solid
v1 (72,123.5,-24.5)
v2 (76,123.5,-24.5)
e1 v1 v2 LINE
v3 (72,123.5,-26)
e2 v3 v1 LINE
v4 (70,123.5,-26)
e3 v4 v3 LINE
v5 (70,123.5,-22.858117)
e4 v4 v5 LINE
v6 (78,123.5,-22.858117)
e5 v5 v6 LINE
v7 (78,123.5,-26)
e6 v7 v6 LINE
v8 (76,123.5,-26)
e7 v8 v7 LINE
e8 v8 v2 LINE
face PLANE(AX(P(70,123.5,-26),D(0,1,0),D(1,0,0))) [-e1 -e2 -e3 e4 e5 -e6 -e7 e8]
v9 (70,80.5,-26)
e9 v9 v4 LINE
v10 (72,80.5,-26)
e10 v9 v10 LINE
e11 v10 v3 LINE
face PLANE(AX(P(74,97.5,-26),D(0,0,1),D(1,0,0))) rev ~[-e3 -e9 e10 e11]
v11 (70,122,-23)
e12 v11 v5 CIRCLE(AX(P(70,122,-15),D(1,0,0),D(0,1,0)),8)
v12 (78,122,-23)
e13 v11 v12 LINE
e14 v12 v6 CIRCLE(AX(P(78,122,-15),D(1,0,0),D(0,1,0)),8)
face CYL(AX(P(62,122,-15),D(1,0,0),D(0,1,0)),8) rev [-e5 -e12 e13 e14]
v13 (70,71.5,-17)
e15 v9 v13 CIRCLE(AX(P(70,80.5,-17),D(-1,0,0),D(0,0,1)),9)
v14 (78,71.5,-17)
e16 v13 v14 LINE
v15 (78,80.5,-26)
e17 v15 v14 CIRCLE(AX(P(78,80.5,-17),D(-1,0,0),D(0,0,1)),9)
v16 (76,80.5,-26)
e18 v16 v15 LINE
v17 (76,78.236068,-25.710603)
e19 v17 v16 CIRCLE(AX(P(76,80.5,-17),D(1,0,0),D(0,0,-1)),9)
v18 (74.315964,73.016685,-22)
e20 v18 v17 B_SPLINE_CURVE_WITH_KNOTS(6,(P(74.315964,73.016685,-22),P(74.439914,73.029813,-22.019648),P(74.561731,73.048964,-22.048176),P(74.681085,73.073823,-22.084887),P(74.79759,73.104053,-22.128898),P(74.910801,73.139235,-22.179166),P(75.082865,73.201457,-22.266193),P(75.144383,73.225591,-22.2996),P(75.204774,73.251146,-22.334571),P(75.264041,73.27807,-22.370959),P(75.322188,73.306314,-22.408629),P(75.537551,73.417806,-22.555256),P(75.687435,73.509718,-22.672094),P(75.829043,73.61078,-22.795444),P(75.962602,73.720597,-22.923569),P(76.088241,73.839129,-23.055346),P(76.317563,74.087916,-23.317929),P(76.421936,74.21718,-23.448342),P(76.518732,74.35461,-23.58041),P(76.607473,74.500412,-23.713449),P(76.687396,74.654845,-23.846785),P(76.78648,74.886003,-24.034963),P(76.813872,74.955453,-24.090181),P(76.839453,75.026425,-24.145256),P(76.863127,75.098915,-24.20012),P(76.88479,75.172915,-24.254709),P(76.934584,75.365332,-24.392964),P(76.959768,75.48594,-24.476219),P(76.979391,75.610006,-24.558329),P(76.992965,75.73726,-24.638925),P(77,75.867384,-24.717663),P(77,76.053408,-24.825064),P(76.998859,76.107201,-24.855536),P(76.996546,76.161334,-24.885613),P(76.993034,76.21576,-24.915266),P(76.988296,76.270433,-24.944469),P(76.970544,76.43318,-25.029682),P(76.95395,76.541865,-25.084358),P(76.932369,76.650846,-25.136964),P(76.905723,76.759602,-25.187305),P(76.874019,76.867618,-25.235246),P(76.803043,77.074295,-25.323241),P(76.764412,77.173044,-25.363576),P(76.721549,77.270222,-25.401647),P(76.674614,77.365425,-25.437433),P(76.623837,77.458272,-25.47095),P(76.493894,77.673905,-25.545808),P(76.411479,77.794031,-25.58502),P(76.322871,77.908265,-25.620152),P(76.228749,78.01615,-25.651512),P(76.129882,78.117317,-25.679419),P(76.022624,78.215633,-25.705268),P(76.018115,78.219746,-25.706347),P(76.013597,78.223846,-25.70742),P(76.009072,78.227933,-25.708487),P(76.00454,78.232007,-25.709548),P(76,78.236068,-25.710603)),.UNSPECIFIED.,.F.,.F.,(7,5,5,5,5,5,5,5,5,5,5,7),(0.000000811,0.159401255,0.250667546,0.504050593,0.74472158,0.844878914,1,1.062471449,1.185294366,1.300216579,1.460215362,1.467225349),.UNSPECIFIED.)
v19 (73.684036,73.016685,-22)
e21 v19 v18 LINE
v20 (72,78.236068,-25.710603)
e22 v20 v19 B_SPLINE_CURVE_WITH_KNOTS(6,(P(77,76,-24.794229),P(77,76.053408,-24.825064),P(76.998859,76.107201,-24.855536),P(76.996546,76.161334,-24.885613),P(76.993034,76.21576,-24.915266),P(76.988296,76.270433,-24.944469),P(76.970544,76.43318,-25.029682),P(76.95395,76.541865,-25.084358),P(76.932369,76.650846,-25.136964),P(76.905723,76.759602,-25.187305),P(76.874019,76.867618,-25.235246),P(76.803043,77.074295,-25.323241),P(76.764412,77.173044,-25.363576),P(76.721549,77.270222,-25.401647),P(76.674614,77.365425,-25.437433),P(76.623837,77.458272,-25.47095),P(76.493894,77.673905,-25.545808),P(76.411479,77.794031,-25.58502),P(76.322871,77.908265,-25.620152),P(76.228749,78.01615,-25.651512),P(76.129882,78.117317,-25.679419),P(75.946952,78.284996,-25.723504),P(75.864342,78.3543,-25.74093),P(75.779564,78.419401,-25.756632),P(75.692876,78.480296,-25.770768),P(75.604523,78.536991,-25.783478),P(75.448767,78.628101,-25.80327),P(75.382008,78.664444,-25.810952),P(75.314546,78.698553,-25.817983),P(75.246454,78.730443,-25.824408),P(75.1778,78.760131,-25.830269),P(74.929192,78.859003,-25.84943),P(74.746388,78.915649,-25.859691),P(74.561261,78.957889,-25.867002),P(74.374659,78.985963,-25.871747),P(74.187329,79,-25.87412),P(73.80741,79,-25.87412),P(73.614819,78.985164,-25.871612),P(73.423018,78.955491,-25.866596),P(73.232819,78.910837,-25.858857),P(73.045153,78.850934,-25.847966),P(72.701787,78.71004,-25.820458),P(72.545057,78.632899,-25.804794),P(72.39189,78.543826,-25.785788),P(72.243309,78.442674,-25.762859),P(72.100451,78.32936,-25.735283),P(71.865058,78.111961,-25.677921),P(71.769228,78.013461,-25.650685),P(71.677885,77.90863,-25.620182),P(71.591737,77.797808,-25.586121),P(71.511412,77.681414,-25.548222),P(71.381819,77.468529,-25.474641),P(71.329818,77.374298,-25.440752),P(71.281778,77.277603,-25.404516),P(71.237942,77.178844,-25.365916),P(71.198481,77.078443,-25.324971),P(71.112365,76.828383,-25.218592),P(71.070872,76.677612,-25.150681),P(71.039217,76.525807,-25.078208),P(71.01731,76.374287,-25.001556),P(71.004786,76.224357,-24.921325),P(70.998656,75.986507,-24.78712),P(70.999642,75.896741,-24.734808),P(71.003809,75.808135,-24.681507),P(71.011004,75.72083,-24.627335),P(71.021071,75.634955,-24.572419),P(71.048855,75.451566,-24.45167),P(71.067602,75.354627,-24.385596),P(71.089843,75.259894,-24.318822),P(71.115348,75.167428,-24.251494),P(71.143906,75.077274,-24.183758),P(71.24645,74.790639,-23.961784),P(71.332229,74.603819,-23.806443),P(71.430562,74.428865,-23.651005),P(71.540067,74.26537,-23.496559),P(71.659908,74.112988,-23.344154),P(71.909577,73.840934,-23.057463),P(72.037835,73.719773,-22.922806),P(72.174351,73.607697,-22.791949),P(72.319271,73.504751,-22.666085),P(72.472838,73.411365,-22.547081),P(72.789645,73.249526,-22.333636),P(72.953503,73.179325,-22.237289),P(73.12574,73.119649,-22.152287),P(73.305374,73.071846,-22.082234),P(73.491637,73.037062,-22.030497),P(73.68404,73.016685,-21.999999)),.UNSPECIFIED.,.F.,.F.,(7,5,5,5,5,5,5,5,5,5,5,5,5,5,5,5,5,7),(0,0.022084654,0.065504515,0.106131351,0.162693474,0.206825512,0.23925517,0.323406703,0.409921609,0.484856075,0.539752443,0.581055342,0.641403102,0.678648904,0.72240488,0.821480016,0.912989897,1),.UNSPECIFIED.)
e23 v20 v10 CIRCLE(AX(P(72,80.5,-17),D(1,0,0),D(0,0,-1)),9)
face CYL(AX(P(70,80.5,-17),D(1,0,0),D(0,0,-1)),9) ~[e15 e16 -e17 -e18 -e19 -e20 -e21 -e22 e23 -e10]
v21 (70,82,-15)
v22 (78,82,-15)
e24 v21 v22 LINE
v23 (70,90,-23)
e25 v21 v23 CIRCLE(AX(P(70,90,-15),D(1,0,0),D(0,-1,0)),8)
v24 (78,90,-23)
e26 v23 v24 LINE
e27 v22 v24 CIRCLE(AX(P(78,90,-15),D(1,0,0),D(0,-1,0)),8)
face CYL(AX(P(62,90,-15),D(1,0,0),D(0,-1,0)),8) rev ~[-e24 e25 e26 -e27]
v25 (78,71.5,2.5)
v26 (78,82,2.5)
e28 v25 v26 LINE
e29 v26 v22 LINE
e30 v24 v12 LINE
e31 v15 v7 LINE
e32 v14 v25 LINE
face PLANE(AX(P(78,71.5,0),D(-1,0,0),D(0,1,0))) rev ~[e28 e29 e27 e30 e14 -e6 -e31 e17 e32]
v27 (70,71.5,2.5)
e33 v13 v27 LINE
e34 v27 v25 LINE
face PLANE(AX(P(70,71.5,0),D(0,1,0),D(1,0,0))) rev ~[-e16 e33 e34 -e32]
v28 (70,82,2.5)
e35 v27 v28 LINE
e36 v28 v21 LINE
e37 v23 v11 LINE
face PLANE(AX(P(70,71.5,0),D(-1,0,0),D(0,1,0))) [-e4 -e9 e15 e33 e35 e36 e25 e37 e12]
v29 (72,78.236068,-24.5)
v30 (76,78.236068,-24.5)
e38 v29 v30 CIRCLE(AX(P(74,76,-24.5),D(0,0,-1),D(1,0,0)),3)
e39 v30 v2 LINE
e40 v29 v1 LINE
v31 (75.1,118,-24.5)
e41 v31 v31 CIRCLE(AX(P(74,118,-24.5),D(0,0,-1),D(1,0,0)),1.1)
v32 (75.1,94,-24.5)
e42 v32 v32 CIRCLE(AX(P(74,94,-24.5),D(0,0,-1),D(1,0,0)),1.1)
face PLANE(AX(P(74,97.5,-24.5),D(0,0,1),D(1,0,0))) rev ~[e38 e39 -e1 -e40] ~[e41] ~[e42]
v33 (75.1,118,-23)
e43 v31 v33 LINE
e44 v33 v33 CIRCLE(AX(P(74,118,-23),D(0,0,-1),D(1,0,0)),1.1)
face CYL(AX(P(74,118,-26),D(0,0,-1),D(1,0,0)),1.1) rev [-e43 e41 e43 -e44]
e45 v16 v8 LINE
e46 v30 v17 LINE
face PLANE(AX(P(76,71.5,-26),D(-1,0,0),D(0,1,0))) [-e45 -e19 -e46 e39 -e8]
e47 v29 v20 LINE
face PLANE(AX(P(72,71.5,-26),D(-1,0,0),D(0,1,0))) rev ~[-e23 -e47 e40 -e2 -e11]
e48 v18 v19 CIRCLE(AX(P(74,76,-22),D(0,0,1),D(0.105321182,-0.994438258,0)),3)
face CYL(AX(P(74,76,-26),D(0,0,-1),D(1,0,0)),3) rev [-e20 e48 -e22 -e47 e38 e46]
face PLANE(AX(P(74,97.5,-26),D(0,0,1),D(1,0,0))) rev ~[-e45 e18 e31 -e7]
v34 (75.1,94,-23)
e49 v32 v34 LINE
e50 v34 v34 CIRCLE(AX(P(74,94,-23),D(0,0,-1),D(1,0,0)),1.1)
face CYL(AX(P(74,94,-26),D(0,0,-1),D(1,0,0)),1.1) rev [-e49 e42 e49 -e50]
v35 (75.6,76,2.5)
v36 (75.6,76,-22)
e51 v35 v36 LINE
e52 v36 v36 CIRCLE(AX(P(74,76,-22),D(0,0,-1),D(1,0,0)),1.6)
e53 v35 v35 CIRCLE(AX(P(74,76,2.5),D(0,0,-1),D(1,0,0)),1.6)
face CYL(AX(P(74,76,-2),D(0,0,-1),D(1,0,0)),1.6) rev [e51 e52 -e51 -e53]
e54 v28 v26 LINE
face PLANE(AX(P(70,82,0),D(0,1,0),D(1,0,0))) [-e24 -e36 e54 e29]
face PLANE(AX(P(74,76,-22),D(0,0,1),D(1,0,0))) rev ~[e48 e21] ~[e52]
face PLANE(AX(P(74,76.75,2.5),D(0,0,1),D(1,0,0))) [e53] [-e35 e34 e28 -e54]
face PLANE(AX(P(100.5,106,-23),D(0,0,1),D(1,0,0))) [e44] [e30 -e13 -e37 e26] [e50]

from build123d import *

# Parameters (mm, degrees)
CYLINDER030_R     = 1.6
CYLINDER030_DEPTH = 28
BOX040_W          = 8
BOX040_H          = 10.5
BOX040_DEPTH      = 2.5
CYLINDER007_R     = 1.1
CYLINDER007_DEPTH = 28
CYLINDER006_R     = 1.1
CYLINDER006_DEPTH = 28
CYLINDER005_R     = 1.6
CYLINDER005_DEPTH = 28
CYLINDER004_R     = 3
CYLINDER004_DEPTH = 4
BOX009_W          = 4
BOX009_H          = 52
BOX009_DEPTH      = 1.5
BOX008_W          = 77
BOX008_H          = 48
BOX008_DEPTH      = 40
FILLET002_R       = 8
BOX005_W          = 8
BOX005_H          = 52
BOX005_DEPTH      = 26
FILLET003_R       = 9


with BuildPart() as cylinder030:
    # Cylinder030 → Cylinder030 (new body)
    with BuildSketch(Plane(origin=(74, 76, -28), x_dir=(1, 0, 0), z_dir=(0, 0, 1))):
        Circle(CYLINDER030_R)
    extrude(amount=CYLINDER030_DEPTH)


with BuildPart() as cut030:
    # Box040 → Box040 (new body)
    with BuildSketch(Plane(origin=(70, 71.5, -26), x_dir=(1, 0, 0), z_dir=(0, 0, 1))):
        with Locations((4, 5.25)):
            Rectangle(BOX040_W, BOX040_H)
    extrude(amount=BOX040_DEPTH)

    # Cut030: cut Cylinder030
    add(cylinder030.part, mode=Mode.SUBTRACT)


with BuildPart() as cut030_1:
    # Cut030 placement: moved
    add(cut030.part.moved(Location((0, 0, 26))))


with BuildPart() as cylinder007:
    # Cylinder007 → Cylinder007 (new body)
    with BuildSketch(Plane(origin=(74, 118, -26), x_dir=(1, 0, 0), z_dir=(0, 0, 1))):
        Circle(CYLINDER007_R)
    extrude(amount=CYLINDER007_DEPTH)


with BuildPart() as fusion007:
    # Cylinder006 → Cylinder006 (new body)
    with BuildSketch(Plane(origin=(74, 94, -26), x_dir=(1, 0, 0), z_dir=(0, 0, 1))):
        Circle(CYLINDER006_R)
    extrude(amount=CYLINDER006_DEPTH)

    # Fusion007: union Cylinder007
    add(cylinder007.part)


with BuildPart() as cylinder005:
    # Cylinder005 → Cylinder005 (new body)
    with BuildSketch(Plane(origin=(74, 79, -26), x_dir=(1, 0, 0), z_dir=(0, 0, 1))):
        Circle(CYLINDER005_R)
    extrude(amount=CYLINDER005_DEPTH)


with BuildPart() as fusion006:
    # Cylinder004 → Cylinder004 (new body)
    with BuildSketch(Plane(origin=(74, 79, -26), x_dir=(1, 0, 0), z_dir=(0, 0, 1))):
        Circle(CYLINDER004_R)
    extrude(amount=CYLINDER004_DEPTH)

    # Fusion006: union Cylinder005
    add(cylinder005.part)


with BuildPart() as fusion006_1:
    # Fusion006 placement: moved
    add(fusion006.part.moved(Location((0, -3, 0))))


with BuildPart() as box009:
    # Box009 → Box009 (new body)
    with BuildSketch(Plane(origin=(72, 71.5, -26), x_dir=(1, 0, 0), z_dir=(0, 0, 1))):
        with Locations((2, 26)):
            Rectangle(BOX009_W, BOX009_H)
    extrude(amount=BOX009_DEPTH)


with BuildPart() as fillet002:
    # Box008 → Box008 (new body)
    with BuildSketch(Plane(origin=(62, 82, -27), x_dir=(1, 0, 0), z_dir=(0, 0, 1))):
        with Locations((38.5, 24)):
            Rectangle(BOX008_W, BOX008_H)
    extrude(amount=BOX008_DEPTH)

    # Fillet002
    fillet002_edges = [fillet002.edges().sort_by_distance(p)[0] for p in [
        (100.5, 82, -27),
        (100.5, 82, 13),
        (100.5, 130, -27),
        (100.5, 130, 13),
    ]]
    fillet(fillet002_edges, radius=FILLET002_R)


with BuildPart() as fillet002_1:
    # Fillet002 placement: moved
    add(fillet002.part.moved(Location((0, 0, 4))))


with BuildPart() as fusion034:
    # Box005 → Box005 (new body)
    with BuildSketch(Plane(origin=(70, 71.5, -26), x_dir=(1, 0, 0), z_dir=(0, 0, 1))):
        with Locations((4, 26)):
            Rectangle(BOX005_W, BOX005_H)
    extrude(amount=BOX005_DEPTH)

    # Cut002: cut Fillet002
    add(fillet002_1.part, mode=Mode.SUBTRACT)

    # Fillet003
    fillet003_edges = [fusion034.edges().sort_by_distance(p)[0] for p in [
        (74, 71.5, -26),
    ]]
    fillet(fillet003_edges, radius=FILLET003_R)

    # Cut003: cut Box009
    add(box009.part, mode=Mode.SUBTRACT)

    # Cut007: cut Fusion006
    add(fusion006_1.part, mode=Mode.SUBTRACT)

    # Cut008: cut Fusion007
    add(fusion007.part, mode=Mode.SUBTRACT)

    # Fusion034: union Cut030
    add(cut030_1.part)


solid = fusion034.part
